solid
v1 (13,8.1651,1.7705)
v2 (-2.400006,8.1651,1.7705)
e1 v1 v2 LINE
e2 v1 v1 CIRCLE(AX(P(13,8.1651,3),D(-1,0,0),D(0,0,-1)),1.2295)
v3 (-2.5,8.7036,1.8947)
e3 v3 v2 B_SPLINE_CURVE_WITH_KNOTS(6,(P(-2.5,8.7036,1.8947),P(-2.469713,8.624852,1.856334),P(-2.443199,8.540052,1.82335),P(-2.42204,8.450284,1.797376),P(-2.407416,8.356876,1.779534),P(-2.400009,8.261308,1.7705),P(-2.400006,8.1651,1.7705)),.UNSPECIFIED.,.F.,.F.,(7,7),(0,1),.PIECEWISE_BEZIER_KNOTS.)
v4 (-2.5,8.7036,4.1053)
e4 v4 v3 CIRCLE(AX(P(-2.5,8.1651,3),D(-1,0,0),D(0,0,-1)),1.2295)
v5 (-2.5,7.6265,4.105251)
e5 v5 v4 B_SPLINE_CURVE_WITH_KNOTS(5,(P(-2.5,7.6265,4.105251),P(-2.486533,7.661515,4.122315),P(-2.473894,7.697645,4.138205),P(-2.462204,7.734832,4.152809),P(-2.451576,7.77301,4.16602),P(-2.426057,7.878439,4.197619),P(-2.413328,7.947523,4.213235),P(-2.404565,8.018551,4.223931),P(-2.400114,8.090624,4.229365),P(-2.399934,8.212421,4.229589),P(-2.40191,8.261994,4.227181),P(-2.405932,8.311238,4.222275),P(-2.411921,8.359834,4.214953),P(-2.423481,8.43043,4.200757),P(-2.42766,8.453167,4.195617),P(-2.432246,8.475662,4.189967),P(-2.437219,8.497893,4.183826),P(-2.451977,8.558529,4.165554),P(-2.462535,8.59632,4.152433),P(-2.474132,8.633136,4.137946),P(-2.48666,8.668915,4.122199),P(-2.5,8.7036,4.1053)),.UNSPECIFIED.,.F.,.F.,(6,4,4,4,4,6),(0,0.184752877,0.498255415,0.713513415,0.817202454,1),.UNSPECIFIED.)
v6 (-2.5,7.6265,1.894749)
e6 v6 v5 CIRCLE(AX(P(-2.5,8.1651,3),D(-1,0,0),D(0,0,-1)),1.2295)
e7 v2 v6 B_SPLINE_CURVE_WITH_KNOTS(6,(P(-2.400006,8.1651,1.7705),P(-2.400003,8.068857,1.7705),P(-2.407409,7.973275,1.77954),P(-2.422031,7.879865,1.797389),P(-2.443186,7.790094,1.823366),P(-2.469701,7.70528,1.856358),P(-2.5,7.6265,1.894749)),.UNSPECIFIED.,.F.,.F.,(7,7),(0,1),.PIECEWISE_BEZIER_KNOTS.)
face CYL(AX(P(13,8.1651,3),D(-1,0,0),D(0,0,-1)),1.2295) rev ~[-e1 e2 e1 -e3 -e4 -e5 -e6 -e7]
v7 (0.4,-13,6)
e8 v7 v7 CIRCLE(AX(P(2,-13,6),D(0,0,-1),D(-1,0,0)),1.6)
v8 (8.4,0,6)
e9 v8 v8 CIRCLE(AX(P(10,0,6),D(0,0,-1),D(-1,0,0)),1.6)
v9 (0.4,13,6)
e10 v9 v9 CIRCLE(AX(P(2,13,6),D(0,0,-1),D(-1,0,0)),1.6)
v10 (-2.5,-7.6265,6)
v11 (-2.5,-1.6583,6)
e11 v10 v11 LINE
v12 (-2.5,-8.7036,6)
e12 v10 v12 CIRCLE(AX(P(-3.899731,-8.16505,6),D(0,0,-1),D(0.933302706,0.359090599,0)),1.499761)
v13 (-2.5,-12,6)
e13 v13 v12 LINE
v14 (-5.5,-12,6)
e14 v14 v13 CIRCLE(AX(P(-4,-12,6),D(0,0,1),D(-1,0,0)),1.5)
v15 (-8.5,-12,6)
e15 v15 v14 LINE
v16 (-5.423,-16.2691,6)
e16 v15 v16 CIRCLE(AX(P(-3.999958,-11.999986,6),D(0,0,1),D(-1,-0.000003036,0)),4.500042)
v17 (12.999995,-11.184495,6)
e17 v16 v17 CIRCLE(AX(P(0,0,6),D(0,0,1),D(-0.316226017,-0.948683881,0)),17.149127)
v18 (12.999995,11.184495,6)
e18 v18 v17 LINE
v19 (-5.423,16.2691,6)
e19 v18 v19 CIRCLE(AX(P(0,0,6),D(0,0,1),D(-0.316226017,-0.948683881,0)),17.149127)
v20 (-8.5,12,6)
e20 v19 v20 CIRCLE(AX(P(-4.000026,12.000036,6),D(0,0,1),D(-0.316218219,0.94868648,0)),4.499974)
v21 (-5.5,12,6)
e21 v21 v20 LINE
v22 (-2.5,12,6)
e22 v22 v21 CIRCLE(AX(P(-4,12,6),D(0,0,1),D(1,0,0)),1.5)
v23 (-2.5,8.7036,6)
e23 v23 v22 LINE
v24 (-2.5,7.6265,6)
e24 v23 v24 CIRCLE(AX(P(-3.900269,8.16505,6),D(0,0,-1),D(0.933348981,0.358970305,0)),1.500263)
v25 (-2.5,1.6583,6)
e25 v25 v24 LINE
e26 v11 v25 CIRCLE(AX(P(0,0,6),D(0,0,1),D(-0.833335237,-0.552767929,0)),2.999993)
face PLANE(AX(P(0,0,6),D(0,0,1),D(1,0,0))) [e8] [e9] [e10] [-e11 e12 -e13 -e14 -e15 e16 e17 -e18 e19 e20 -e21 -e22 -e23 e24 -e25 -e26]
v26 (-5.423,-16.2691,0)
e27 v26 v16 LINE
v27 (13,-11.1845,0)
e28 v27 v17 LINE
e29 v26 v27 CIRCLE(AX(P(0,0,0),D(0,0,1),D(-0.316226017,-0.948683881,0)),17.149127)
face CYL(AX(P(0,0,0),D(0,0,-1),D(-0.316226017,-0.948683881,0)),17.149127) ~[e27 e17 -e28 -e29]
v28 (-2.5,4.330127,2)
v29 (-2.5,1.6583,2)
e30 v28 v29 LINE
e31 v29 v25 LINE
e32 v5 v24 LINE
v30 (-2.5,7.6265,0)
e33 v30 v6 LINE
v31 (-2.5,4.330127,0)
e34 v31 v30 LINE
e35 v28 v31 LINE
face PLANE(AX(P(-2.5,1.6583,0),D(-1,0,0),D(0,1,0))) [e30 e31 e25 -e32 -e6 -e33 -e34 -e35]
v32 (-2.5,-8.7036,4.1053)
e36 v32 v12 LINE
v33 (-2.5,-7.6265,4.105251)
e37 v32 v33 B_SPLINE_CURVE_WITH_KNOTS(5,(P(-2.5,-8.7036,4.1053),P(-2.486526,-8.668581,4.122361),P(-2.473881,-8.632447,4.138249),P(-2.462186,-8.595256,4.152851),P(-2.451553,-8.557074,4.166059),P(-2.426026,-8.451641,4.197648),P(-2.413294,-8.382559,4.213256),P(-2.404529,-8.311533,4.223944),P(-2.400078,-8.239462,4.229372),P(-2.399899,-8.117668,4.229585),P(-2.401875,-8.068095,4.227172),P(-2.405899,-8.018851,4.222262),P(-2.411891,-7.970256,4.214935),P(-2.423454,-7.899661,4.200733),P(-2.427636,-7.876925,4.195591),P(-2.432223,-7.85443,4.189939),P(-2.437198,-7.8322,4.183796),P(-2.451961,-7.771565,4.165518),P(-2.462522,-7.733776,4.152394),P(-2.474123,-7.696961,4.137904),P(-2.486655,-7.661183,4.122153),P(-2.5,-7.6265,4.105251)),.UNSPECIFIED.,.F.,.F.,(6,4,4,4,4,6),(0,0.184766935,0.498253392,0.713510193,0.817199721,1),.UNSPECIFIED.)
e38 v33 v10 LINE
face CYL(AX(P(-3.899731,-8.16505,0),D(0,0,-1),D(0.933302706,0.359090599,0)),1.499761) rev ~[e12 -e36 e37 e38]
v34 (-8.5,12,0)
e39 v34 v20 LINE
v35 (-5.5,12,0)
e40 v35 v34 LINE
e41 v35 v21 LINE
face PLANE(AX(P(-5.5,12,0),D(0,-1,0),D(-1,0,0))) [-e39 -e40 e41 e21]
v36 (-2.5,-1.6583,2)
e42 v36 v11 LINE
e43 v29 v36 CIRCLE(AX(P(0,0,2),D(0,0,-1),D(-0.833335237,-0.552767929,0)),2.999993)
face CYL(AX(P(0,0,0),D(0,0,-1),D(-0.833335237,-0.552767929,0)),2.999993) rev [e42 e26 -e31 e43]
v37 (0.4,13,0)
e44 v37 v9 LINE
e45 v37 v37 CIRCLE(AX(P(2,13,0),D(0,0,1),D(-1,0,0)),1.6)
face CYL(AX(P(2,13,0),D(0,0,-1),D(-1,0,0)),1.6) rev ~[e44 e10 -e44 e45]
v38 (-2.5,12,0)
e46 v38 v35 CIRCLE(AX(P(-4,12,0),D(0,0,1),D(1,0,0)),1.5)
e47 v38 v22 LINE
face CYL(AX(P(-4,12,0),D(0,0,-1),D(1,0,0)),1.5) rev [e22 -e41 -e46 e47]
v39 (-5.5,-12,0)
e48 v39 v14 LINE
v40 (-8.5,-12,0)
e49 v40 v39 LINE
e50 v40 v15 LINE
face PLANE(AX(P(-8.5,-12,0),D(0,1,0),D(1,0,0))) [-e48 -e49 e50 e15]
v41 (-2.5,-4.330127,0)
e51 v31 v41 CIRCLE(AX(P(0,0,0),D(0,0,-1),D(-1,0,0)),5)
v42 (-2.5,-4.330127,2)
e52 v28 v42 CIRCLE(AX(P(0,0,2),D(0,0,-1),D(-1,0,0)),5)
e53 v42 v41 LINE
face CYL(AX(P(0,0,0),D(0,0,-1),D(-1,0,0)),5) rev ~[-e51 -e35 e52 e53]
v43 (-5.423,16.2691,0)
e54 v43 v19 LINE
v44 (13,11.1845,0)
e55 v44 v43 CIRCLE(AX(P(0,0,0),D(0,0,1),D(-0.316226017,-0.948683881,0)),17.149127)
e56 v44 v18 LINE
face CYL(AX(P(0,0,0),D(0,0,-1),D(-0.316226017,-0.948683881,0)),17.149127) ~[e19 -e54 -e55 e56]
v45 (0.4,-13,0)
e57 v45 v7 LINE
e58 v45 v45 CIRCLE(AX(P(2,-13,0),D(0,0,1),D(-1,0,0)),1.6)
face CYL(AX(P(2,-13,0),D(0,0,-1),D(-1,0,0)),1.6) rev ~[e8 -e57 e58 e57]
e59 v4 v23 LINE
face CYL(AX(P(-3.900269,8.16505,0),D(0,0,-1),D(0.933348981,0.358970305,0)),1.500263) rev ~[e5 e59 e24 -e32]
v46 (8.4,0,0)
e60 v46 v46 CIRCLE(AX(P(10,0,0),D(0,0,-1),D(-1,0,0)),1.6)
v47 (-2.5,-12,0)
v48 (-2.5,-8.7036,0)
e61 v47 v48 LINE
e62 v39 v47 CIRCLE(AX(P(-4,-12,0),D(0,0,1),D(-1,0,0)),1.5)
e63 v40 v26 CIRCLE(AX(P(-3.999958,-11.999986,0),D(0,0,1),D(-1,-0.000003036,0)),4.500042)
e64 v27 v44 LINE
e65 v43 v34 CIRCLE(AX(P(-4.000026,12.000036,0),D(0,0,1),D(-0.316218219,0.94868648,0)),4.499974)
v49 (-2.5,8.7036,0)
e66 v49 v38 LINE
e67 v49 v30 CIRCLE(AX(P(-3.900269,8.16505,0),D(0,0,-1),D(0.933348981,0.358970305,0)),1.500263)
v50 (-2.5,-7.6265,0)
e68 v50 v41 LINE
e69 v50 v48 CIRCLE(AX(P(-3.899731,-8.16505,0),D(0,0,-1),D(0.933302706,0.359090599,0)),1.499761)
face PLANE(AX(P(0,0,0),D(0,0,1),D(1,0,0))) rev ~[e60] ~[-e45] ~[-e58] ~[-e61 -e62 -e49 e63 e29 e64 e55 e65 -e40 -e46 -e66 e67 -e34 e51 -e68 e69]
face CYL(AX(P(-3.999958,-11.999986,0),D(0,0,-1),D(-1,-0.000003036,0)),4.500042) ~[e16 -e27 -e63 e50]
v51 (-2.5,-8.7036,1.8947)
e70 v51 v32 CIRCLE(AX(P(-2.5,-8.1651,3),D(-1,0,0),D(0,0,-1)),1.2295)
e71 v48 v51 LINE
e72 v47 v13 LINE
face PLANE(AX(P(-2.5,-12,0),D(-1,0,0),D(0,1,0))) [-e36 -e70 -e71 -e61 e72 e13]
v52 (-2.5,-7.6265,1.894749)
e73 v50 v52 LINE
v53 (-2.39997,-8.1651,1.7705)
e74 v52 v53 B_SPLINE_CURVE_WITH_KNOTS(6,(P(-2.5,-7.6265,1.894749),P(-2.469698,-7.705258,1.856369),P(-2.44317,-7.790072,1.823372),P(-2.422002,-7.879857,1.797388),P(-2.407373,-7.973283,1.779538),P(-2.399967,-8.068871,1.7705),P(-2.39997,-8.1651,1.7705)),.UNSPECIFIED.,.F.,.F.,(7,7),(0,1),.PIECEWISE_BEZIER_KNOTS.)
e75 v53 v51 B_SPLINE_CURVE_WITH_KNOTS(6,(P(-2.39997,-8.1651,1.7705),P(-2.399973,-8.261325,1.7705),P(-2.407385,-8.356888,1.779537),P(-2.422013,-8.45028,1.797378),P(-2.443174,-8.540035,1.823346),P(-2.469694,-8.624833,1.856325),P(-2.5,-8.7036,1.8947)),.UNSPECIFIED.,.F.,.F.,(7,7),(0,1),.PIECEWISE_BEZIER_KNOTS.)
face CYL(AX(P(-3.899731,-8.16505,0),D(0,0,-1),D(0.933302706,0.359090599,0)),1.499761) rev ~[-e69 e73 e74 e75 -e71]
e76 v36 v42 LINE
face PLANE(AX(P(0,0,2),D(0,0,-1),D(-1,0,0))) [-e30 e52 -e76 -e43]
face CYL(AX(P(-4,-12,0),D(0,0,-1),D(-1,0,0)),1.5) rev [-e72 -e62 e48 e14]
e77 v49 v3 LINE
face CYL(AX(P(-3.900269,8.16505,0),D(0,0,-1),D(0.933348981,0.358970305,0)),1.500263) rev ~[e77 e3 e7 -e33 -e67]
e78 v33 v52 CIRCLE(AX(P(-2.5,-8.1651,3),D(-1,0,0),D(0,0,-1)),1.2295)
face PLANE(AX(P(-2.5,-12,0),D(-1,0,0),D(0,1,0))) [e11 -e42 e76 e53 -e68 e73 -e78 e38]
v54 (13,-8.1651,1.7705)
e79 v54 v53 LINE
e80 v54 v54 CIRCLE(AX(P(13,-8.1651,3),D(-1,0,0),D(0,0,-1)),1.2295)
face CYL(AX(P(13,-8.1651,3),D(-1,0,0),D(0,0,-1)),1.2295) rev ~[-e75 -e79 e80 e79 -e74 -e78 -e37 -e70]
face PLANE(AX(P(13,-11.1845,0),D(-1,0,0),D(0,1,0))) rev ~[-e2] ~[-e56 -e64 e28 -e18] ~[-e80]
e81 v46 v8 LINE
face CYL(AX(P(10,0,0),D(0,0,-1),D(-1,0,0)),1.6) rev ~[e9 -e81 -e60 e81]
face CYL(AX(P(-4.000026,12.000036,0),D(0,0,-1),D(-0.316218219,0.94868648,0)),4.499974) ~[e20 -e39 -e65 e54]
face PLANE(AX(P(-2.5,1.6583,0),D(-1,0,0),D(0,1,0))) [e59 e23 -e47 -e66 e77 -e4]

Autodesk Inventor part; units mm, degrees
ref_plane "YZ Plane" through (0, 0, 0) normal (1, 0, 0) x (0, 1, 0)
ref_plane "XZ Plane" through (0, 0, 0) normal (0, 1, 0) x (-1, 0, 0)
ref_plane "XY Plane" through (0, 0, 0) normal (0, 0, 1) x (1, 0, 0)
sketch "スケッチ1" plane through (0, 0, 0) normal (0, 0, 1) x (1, 0, 0)
  arc A0 (-2.5, -4.3301) -> (-2.5, 4.3301) centre (0, 0) ccw construction
  arc A1 (-5.423, -16.2691) -> (-5.423, 16.2691) centre (0, 0) ccw
  arc A2 (-2.5, -1.6583) -> (-2.5, 1.6583) centre (0, 0) ccw
  line L0 (-2.5, -12) -> (-2.5, -1.6583)
  line L1 (-2.5, 1.6583) -> (-2.5, 12)
  line L2 (-8.5, -12) -> (-2.5, -12)
  line L3 (-2.5, -12) -> (-2.5, 12)
  line L4 (-2.5, 12) -> (-8.5, 12)
  line L5 (-8.5, 12) -> (-8.5, -12)
  line L6 (-8.5, -12) -> (-2.5, 12) construction
  line L7 (-2.5, -12) -> (-8.5, 12) construction
  line L8 (6.2704, -6.6573) -> (-2.5, -6.6573) construction
  line L9 (-2.5, -6.6573) -> (-2.5, -9.6573) construction
  line L10 (-2.5, -9.6573) -> (6.2704, -9.6573) construction
  line L11 (6.2704, -9.6573) -> (6.2704, -6.6573) construction
  arc A3 (-5.5, -12) -> (-2.5, -12) centre (-4, -12) ccw
  arc A4 (-2.5, 12) -> (-5.5, 12) centre (-4, 12) ccw
  arc A5 (-8.5, -12) -> (-5.423, -16.2691) centre (-4, -12) ccw
  arc A6 (-5.423, 16.2691) -> (-8.5, 12) centre (-4, 12) ccw
  point P0 (-5.5, 0)
  point P1 (-5.5, 0)
  point P2 (-2.5, 13.775)
  point P3 (-2.5, -13.775)
  dimension "d0" = 10
  dimension "d2" = 6
  dimension "d9" = 2.5
  dimension "d10" = 6
  dimension "d11" = 24
  dimension "d12" = 3
  dimension "d14" = 1.5
  dimension "d15" = 3
  dimension "d16" = 3
extrude "押し出し1" add sketch "スケッチ1" along normal blind 6 contours A5 L2 A3 L0 A2 L1 A4 L4 A6 A1
sketch "スケッチ2" plane through (0, 0, 0) normal (0, 0, -1) x (-1, 0, 0)
  circle A0 centre (0, 0) radius 5
  dimension "d6" = 10
extrude "押し出し2" cut sketch "スケッチ2" against normal blind 2
sketch "スケッチ4" plane through (0, 0, 0) normal (0, 0, -1) x (-1, 0, 0)
  arc A0 (2.5, 4.3301) -> (2.5, -4.3301) centre (0, 0) ccw projected
  line L0 (2.5, 4.3301) -> (2.5, 12) projected
  arc A1 (5.5, 12) -> (2.5, 12) centre (4, 12) ccw projected
  line L1 (5.5, 12) -> (8.5, 12) projected
  arc A2 (8.5, 12) -> (5.423, 16.2691) centre (4, 12) ccw projected
  arc A3 (5.423, 16.2691) -> (5.423, -16.2691) centre (0, 0) ccw projected
  arc A4 (5.423, -16.2691) -> (8.5, -12) centre (4, -12) ccw projected
  line L2 (8.5, -12) -> (5.5, -12) projected
  arc A5 (2.5, -12) -> (5.5, -12) centre (4, -12) ccw projected
  line L3 (2.5, -12) -> (2.5, -4.3301) projected
  arc A6 (2.5, -7.6265) -> (2.5, -8.7036) centre (3.9, -8.1651) ccw
  arc A7 (2.5, 8.7036) -> (2.5, 7.6265) centre (3.9, 8.1651) ccw
  point P0 (2.4, 8.1651)
  point P1 (2.5, 8.1651)
  point P2 (2.4, -8.1651)
  point P3 (2.5, -8.1651)
  dimension "d17" = 1.5
  dimension "d18" = 0.1
extrude "押し出し3" cut sketch "スケッチ4" against normal through all contours A7 L0 | L3 A6
sketch "スケッチ5" plane through (0, 0, 0) normal (0, 0, -1) x (-1, 0, 0)
  arc A0 (2.5, -7.6265) -> (2.5, -8.7036) centre (3.9, -8.1651) ccw projected
  line L0 (2.5, -7.6265) -> (2.5, -4.3301) projected
  arc A1 (2.5, 4.3301) -> (2.5, -4.3301) centre (0, 0) ccw projected
  line L1 (2.5, 4.3301) -> (2.5, 7.6265) projected
  arc A2 (2.5, 8.7036) -> (2.5, 7.6265) centre (3.9, 8.1651) ccw projected
  line L2 (2.5, 8.7036) -> (2.5, 12) projected
  arc A3 (5.5, 12) -> (2.5, 12) centre (4, 12) ccw projected
  line L3 (5.5, 12) -> (8.5, 12) projected
  arc A4 (8.5, 12) -> (5.423, 16.2691) centre (4, 12) ccw projected
  arc A5 (5.423, 16.2691) -> (5.423, -16.2691) centre (0, 0) ccw projected
  arc A6 (5.423, -16.2691) -> (8.5, -12) centre (4, -12) ccw projected
  line L4 (8.5, -12) -> (5.5, -12) projected
  arc A7 (2.5, -12) -> (5.5, -12) centre (4, -12) ccw projected
  line L5 (2.5, -12) -> (2.5, -8.7036) projected
  line L6 (3.9, -8.1651) -> (-13, -8.1651) construction
  line L7 (3.9, 8.1651) -> (-13, 8.1651) construction
  line L8 (-13, -11.1845) -> (-13, 11.1845)
  circle A8 centre (-10, 0) radius 1.6
  circle A9 centre (-2, -13) radius 1.6
  circle A10 centre (-2, 13) radius 1.6
  line L9 (-2, -13) -> (-2, 13)
  point P0 (-2, 0)
  dimension "d21" = 13
  dimension "d22" = 3.2
  dimension "d23" = 10
  dimension "d24" = 3.2
  dimension "d25" = 3.2
  dimension "d26" = 26
  dimension "d27" = 2
extrude "押し出し4" cut sketch "スケッチ5" against normal through all contours A9 | A10 | A5 L8 | A8
sketch "スケッチ6" plane through (13, -11.1845, 0) normal (1, 0, 0) x (0, 0, -1)
  line L0 (0, 3.5579) -> (0, 2.4809) projected
  line L1 (0, 19.888) -> (0, 18.811) projected
  line L2 (0, 19.3495) -> (-3, 19.3495)
  line L3 (0, 3.0194) -> (-3, 3.0194)
  point P0 (0, 11.1845)
  dimension "d30" = 3
hole "穴1" at (13, 8.1651, 3) at (13, -8.1651, 3) direction (-1, 0, 0) diameter 2.459 end through all thread size "M3x0.5" class "6H" standard "ISO Metric profile"
equation "\"d16\" = d15"
properties part number "D留め板"
